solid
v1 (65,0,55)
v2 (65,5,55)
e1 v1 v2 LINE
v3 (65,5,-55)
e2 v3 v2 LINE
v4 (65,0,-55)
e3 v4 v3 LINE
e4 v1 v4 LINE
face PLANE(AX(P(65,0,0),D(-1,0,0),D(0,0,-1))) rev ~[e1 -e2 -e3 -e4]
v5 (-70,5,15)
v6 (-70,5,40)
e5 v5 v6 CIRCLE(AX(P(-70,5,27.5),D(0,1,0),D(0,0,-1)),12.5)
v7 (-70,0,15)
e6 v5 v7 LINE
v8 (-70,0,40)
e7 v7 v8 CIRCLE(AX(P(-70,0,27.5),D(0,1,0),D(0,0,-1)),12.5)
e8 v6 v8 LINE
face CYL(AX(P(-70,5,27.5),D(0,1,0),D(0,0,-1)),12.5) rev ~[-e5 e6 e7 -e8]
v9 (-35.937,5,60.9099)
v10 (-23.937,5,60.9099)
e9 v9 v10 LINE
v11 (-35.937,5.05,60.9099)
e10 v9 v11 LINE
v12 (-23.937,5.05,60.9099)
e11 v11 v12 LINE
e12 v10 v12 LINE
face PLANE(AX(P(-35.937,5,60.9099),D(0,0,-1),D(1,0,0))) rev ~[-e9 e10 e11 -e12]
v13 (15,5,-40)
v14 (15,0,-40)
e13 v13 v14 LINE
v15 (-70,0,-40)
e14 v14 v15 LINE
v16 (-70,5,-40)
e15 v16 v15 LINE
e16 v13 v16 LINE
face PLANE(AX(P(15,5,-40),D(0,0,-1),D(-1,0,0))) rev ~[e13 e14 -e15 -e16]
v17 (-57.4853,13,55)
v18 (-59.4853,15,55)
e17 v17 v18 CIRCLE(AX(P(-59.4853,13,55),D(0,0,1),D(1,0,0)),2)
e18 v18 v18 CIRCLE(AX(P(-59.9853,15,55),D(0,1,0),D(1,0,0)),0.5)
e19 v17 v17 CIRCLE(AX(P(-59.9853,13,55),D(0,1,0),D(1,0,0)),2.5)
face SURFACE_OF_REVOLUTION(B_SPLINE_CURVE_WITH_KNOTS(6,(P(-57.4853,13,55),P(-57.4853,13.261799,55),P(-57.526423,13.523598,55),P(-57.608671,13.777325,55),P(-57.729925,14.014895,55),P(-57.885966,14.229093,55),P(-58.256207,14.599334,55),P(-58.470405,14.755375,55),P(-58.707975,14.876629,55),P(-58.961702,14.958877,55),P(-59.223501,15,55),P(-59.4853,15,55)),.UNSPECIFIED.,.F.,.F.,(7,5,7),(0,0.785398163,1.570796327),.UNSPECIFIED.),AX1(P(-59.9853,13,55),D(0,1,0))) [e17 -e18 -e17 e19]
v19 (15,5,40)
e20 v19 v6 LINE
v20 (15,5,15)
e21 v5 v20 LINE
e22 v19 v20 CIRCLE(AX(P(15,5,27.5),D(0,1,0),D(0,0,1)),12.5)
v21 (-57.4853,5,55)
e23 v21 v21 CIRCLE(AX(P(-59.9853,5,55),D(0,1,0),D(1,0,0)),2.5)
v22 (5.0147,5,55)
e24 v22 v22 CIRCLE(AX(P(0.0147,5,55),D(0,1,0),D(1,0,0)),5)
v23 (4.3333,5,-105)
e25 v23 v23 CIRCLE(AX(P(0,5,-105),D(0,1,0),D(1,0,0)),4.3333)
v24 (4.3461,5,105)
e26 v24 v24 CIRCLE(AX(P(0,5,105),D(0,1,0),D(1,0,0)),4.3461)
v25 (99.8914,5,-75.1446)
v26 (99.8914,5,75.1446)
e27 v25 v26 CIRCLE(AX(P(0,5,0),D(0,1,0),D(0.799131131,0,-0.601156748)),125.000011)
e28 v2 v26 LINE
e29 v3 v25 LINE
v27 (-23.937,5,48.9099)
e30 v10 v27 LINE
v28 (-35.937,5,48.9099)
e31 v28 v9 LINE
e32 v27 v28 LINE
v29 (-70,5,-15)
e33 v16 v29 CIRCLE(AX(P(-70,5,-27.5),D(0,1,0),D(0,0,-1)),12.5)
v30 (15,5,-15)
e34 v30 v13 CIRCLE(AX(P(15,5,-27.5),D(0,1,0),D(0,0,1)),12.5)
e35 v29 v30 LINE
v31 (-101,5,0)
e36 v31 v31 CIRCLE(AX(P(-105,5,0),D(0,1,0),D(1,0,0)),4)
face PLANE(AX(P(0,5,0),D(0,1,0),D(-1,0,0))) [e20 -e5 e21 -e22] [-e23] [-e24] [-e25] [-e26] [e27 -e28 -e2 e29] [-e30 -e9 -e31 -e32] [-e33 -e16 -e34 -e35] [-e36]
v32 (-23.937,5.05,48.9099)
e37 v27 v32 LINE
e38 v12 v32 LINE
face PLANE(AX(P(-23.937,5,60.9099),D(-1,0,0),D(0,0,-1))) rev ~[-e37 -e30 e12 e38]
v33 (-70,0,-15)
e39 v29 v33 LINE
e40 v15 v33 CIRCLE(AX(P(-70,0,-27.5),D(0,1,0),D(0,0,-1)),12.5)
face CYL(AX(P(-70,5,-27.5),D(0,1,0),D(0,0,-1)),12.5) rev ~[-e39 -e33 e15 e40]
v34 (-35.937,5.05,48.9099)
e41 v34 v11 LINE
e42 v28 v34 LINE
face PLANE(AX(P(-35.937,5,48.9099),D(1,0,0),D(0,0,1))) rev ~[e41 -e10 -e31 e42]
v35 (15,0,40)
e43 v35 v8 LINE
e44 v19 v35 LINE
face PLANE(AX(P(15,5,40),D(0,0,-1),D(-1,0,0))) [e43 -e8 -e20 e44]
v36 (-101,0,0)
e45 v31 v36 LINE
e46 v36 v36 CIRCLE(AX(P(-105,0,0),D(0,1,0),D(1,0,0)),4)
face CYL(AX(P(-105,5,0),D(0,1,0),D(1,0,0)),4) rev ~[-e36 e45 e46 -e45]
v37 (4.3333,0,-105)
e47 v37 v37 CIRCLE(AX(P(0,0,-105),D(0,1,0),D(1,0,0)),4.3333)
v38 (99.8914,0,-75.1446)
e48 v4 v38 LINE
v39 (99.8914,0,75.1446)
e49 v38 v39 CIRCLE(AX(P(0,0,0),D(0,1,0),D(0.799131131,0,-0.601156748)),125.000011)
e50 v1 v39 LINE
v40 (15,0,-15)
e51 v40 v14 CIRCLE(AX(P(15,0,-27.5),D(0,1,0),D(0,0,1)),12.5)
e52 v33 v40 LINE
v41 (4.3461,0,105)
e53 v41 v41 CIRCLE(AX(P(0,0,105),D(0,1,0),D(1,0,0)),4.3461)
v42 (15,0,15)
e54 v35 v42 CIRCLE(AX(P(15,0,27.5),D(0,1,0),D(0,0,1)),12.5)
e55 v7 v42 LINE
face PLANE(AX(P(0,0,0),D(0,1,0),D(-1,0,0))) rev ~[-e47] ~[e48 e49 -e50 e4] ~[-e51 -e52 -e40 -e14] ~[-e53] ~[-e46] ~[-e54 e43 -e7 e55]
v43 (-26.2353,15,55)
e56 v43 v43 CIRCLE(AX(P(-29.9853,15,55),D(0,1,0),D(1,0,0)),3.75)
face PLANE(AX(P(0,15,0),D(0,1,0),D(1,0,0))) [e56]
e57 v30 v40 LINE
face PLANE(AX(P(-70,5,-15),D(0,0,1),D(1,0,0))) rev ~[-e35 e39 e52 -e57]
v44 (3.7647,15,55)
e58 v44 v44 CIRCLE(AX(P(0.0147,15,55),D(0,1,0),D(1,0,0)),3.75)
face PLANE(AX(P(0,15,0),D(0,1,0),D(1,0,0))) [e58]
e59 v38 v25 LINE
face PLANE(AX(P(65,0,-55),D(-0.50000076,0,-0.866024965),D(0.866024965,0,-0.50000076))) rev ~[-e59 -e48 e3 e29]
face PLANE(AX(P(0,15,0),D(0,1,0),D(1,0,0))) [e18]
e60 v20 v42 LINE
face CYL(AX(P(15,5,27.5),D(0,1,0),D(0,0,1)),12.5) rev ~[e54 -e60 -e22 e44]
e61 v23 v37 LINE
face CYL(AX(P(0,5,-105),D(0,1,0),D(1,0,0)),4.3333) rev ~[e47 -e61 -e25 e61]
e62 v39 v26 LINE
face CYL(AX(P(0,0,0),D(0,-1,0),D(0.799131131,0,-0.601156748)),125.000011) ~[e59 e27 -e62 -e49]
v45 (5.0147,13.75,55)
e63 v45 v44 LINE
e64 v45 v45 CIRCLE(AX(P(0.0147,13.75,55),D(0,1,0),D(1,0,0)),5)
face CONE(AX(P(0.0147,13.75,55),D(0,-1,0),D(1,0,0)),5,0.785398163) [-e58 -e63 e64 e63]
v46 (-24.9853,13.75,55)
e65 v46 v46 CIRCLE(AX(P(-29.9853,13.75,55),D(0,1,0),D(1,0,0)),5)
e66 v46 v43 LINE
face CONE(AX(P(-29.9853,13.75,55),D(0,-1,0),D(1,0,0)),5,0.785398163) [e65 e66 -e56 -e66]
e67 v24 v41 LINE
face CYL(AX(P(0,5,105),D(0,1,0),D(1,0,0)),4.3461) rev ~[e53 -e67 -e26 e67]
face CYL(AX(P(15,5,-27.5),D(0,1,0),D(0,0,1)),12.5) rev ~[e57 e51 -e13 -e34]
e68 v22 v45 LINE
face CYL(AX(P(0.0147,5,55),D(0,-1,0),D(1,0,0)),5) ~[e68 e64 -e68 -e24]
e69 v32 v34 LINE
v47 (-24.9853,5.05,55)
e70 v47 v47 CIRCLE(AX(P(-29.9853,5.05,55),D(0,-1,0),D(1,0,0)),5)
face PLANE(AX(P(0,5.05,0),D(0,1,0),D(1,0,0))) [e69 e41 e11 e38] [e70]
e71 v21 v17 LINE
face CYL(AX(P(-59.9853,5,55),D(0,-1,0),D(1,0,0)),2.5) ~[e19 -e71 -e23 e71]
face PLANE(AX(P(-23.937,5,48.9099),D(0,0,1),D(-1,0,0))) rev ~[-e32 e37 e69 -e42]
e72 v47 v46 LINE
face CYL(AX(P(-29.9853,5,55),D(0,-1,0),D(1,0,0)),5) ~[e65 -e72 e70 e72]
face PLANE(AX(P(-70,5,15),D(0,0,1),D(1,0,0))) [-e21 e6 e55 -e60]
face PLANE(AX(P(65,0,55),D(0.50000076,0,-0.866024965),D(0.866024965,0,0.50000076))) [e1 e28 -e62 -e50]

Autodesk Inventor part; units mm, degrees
ref_plane "YZ Plane" through (0, 0, 0) normal (1, 0, 0) x (0, 1, 0)
ref_plane "XZ Plane" through (0, 0, 0) normal (0, 1, 0) x (-1, 0, 0)
ref_plane "XY Plane" through (0, 0, 0) normal (0, 0, 1) x (1, 0, 0)
sketch "Sketch1" plane through (0, 0, 0) normal (0, 1, 0) x (-1, 0, 0)
  arc A0 (-99.8914, -75.1446) -> (-99.8914, 75.1446) centre (0, 0) ccw
  line L0 (-65, 0) -> (-65, 55)
  line L1 (-65, 55) -> (-99.8914, 75.1446)
  line L2 (-65, 0) -> (-65, -55)
  line L3 (-65, -55) -> (-99.8914, -75.1446)
  dimension "d0" = 250
  dimension "d4" = 55
  dimension "d6" = 120
extrude "Extrusion1" add sketch "Sketch1" along normal blind 5
sketch "Sketch2" plane through (0, 5, 0) normal (0, 1, 0) x (1, 0, 0)
  line L0 (-70, 15) -> (15, 15)
  line L1 (15, 40) -> (-70, 40)
  arc A0 (15, 15) -> (15, 40) centre (15, 27.5) ccw
  arc A1 (-70, 40) -> (-70, 15) centre (-70, 27.5) ccw
  line L2 (65, -55) -> (65, 55) projected
  line L3 (-70, -15) -> (15, -15)
  line L4 (15, -40) -> (-70, -40)
  arc A2 (15, -40) -> (15, -15) centre (15, -27.5) ccw
  arc A3 (-70, -15) -> (-70, -40) centre (-70, -27.5) ccw
  point P0 (0, 0)
extrude "Extrusion2" cut sketch "Sketch2" against normal blind 10
sketch "Sketch3" plane through (0, 5, 0) normal (0, 1, 0) x (1, 0, 0)
  circle A0 centre (-105, 0) radius 4
  circle A1 centre (0, 105) radius 4.3333
  circle A2 centre (0, -105) radius 4.3461
  arc A3 (99.8914, 75.1446) -> (99.8914, -75.1446) centre (0, 0) ccw projected
  dimension "d25" = 8
  dimension "d26" = 105
  dimension "d27" = 105
  dimension "d28" = 105
extrude "Extrusion3" cut sketch "Sketch3" against normal blind 10
sketch "Sketch4" plane through (0, 5, 0) normal (0, 1, 0) x (1, 0, 0)
  circle A0 centre (-59.9853, -55) radius 2.5
  circle A1 centre (-29.9853, -55) radius 5
  circle A2 centre (0.0147, -55) radius 5
  line L0 (-104.2134, 0) -> (86.9491, 0)
  point P0 (0, 0)
  dimension "d31" = 5
  dimension "d32" = 10
  dimension "d33" = 10
  dimension "d34" = 55
  dimension "d35" = 55
  dimension "d36" = 55
  dimension "d37" = 30
  dimension "d38" = 30
extrude "Extrusion4" add sketch "Sketch4" along normal blind 10
fillet "Fillet2" radius 2 1 edges at (-62.4853, 15, 55)
chamfer "Chamfer1" distance 1.25 angle 45 1 edges at (-4.9853, 15, 55)
chamfer "Chamfer2" distance 1.25 angle 45 1 edges at (-34.9853, 15, 55)
sketch "Sketch5" plane through (0, 5, 0) normal (0, 1, 0) x (1, 0, 0)
  line L0 (-35.937, -60.9099) -> (-23.937, -60.9099)
  line L1 (-23.937, -60.9099) -> (-23.937, -48.9099)
  line L2 (-23.937, -48.9099) -> (-35.937, -48.9099)
  line L3 (-35.937, -48.9099) -> (-35.937, -60.9099)
  point P0 (0, 0)
  point P1 (-29.437, -54.7059)
  point P2 (-29.437, -54.7059)
  dimension "d50" = 12
  dimension "d51" = 12
  dimension "d52" = 6.5
  dimension "d53" = 5.796
extrude "Extrusion5" add sketch "Sketch5" along normal blind 0.05
sketch "Sketch6" plane through (0, 5, 0) normal (0, 1, 0) x (1, 0, 0)
  line L0 (-36.7143, -61.9407) -> (-23.1511, -61.9407) construction
  line L1 (-23.1511, -61.9407) -> (-23.1511, -65.2373) construction
  line L2 (-23.1511, -65.2373) -> (-36.7143, -65.2373) construction
  line L3 (-36.7143, -65.2373) -> (-36.7143, -61.9407) construction
  point P0 (0, 0)
properties part number "Top and middle round"
